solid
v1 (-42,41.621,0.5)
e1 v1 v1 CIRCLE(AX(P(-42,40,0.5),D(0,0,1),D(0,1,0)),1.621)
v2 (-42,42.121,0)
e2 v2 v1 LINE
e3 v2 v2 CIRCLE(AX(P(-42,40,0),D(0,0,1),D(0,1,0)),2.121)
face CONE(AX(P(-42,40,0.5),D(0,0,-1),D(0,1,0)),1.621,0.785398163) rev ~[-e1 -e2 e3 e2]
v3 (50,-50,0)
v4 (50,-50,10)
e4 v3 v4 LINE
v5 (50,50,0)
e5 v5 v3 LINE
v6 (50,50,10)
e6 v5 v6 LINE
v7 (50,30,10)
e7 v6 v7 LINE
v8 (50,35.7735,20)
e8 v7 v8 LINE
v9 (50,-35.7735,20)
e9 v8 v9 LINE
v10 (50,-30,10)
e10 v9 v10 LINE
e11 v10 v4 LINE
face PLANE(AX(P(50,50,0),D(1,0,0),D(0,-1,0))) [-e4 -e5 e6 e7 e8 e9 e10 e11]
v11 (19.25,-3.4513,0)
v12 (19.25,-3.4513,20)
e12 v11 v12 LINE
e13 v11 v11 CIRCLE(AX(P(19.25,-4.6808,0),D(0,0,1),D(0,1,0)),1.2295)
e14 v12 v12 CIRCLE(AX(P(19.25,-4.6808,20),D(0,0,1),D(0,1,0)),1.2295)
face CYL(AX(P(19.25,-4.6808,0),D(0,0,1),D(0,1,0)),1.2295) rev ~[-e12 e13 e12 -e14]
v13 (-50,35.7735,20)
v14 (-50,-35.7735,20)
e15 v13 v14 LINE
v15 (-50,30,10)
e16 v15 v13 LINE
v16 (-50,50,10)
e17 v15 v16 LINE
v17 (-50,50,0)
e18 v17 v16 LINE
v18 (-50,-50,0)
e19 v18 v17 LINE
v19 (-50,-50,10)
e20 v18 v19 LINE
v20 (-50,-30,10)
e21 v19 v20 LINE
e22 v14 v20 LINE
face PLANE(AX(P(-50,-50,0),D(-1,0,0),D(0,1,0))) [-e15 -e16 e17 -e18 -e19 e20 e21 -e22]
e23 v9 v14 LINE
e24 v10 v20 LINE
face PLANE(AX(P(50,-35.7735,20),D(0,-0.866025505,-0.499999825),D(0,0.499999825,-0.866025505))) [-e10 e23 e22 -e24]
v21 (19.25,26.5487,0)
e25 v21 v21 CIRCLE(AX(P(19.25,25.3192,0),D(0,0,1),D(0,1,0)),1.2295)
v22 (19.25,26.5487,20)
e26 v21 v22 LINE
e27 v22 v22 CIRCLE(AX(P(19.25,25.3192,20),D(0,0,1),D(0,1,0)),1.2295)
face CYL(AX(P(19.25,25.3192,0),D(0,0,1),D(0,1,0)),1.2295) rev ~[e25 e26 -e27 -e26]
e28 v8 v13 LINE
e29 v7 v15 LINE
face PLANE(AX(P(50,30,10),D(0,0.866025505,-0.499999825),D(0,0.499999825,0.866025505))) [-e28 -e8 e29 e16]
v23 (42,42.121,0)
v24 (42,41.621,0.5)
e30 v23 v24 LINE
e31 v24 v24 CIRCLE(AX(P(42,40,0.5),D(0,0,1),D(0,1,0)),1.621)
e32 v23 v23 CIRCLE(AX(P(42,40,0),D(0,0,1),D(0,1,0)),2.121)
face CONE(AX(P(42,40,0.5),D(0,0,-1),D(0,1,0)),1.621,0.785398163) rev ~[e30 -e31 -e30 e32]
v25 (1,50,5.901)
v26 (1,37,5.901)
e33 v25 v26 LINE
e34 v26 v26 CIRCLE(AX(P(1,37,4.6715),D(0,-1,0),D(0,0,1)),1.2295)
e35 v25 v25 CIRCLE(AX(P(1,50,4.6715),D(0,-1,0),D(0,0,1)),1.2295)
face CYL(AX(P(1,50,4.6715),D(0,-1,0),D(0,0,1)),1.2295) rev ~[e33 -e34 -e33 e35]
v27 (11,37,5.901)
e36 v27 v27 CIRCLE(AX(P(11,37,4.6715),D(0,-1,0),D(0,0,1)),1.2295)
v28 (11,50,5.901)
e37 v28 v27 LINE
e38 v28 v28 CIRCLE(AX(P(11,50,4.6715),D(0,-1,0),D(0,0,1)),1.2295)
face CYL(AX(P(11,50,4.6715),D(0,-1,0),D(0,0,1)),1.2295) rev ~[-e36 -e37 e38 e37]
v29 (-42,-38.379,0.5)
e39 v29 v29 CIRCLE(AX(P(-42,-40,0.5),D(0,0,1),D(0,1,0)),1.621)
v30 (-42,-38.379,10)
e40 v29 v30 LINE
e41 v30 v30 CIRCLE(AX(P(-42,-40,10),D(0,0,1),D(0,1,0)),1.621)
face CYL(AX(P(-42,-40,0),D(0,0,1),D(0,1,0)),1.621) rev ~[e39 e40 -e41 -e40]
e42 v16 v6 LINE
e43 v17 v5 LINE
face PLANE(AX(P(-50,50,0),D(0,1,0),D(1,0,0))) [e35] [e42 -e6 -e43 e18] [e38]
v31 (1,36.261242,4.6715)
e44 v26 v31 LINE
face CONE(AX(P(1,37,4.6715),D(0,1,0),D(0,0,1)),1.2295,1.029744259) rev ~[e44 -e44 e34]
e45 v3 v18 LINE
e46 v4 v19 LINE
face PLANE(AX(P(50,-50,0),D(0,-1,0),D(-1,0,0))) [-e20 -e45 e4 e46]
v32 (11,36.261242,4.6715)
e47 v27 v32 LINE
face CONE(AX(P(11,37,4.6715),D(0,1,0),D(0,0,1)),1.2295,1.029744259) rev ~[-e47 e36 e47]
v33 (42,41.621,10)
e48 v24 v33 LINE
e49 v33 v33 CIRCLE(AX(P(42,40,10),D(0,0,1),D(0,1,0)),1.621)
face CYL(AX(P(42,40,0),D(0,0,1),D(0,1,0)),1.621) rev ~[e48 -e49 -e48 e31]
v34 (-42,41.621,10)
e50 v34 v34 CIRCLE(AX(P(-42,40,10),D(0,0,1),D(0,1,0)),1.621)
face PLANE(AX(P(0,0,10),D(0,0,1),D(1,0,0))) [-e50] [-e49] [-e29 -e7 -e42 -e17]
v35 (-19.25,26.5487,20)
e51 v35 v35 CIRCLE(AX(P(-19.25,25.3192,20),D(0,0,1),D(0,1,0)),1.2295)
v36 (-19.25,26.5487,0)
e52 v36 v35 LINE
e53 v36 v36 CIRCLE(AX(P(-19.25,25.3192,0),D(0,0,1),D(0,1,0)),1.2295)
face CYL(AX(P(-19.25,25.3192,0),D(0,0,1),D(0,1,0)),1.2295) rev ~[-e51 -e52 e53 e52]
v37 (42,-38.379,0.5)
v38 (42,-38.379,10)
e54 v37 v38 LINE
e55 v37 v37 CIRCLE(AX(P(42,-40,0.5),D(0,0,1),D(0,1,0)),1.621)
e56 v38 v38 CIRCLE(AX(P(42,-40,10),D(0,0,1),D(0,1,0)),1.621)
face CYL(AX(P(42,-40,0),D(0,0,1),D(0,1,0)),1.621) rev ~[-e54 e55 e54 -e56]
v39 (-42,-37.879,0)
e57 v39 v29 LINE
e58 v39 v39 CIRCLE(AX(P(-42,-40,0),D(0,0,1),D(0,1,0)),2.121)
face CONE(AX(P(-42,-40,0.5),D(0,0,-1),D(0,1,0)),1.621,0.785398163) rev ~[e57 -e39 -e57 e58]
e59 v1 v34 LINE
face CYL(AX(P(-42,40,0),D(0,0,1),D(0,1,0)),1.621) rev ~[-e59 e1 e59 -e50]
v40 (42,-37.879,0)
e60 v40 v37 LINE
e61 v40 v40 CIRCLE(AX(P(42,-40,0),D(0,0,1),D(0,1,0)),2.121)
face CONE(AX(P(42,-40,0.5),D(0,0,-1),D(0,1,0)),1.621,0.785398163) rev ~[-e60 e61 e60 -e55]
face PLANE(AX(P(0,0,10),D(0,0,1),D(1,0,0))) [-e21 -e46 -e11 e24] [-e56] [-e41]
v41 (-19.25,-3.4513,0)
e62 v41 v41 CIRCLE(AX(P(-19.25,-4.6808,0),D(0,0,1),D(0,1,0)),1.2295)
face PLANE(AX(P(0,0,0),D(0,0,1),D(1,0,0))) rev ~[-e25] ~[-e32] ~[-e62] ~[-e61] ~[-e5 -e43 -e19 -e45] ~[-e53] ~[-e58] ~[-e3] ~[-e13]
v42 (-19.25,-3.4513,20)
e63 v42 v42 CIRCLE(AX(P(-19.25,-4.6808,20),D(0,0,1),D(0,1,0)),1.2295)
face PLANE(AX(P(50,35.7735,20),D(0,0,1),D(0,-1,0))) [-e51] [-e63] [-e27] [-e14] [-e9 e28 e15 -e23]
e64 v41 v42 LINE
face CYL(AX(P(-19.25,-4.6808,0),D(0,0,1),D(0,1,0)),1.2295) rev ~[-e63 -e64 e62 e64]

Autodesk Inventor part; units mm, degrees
ref_plane "YZ Plane" through (0, 0, 0) normal (1, 0, 0) x (0, 1, 0)
ref_plane "XZ Plane" through (0, 0, 0) normal (0, 1, 0) x (-1, 0, 0)
ref_plane "XY Plane" through (0, 0, 0) normal (0, 0, 1) x (1, 0, 0)
sketch "Sketch1" plane through (0, 0, 0) normal (0, 0, 1) x (1, 0, 0)
  line L0 (-50, 50) -> (50, 50)
  line L1 (50, 50) -> (50, -50)
  line L2 (50, -50) -> (-50, -50)
  line L3 (-50, -50) -> (-50, 50)
  line L4 (0, 0) -> (0, 10.7535) construction
  line L5 (0, 0) -> (8.6992, 0) construction
  dimension "d0" = 100
  dimension "d1" = 100
extrude "Extrusion1" add sketch "Sketch1" along normal blind 10
sketch "Sketch2" plane through (50, -50, 0) normal (1, 0, 0) x (0, 0, -1)
  line L0 (-10, 80) -> (-20, 85.7735)
  line L1 (-20, 85.7735) -> (-20, 14.2265)
  line L2 (-20, 14.2265) -> (-10, 20)
  line L3 (0, 0) -> (-10, 0) projected
  line L4 (0, 100) -> (-10, 100) projected
  line L5 (-10, 80) -> (-10, 20)
  line L6 (-10, 0) -> (-10, 100) projected
  point P0 (0, 50)
  dimension "d4" = 60
  dimension "d5" = 60
  dimension "d6" = 20
  dimension "d7" = 20
  dimension "d19" = 10
extrude "Extrusion2" add sketch "Sketch2" against normal blind 100
sketch "Sketch3" plane through (0, 0, 0) normal (0, 0, -1) x (-1, 0, 0)
  circle A0 centre (19.25, -4.6808) radius 1.6 projected
  circle A1 centre (19.25, 25.3192) radius 1.6 projected
  circle A2 centre (-19.25, 25.3192) radius 1.6 projected
  circle A3 centre (-19.25, -4.6808) radius 1.6 projected
  point P0 (0, 0)
hole "Hole1" at (19.25, 25.3192, 0) at (19.25, -4.6808, 0) at (-19.25, 25.3192, 0) at (-19.25, -4.6808, 0) direction (0, 0, 1) diameter 2.459 end through all thread size "M3x0.5" class "6H" standard "ISO Metric profile"
sketch "Sketch4" plane through (0, 0, 0) normal (0, 0, -1) x (-1, 0, 0)
  line L0 (50, -50) -> (50, 50) projected
  line L1 (-50, -50) -> (50, -50) projected
  line L2 (50, 50) -> (-50, 50) projected
  line L3 (-50, 50) -> (-50, -50) projected
  point P0 (0, 0)
  point P1 (42, -40)
  point P2 (42, 40)
  point P3 (-42, 40)
  point P4 (-42, -40)
  dimension "d20" = 8
  dimension "d21" = 10
  dimension "d22" = 10
  dimension "d23" = 8
hole "Hole2" at (-42, -40, 0) at (-42, 40, 0) at (42, 40, 0) at (42, -40, 0) direction (0, 0, 1) diameter 3.242 depth 11.8 tip angle 118 thread size "M4x0.7" class "6H" standard "ISO Metric profile"
chamfer "Chamfer1" distance 0.5 angle 45 4 edges at (-42, -41.621, 0) (42, -41.621, 0) (-42, 38.379, 0) (42, 38.379, 0)
sketch "Sketch5" plane through (-50, 50, 0) normal (0, 1, 0) x (1, 0, 0)
  circle A0 centre (51, -4.6715) radius 1.6 projected
  circle A1 centre (61, -4.6715) radius 1.6 projected
  point P0 (50, 0)
hole "Hole3" at (1, 50, 4.6715) at (11, 50, 4.6715) direction (0, -1, 0) diameter 2.459 depth 13 tip angle 118 thread size "M3x0.5" class "6H" standard "ISO Metric profile"
properties part number "3d_LM-Welding_Tooling - Upper moving base" material "Aluminium 6061-T6"
